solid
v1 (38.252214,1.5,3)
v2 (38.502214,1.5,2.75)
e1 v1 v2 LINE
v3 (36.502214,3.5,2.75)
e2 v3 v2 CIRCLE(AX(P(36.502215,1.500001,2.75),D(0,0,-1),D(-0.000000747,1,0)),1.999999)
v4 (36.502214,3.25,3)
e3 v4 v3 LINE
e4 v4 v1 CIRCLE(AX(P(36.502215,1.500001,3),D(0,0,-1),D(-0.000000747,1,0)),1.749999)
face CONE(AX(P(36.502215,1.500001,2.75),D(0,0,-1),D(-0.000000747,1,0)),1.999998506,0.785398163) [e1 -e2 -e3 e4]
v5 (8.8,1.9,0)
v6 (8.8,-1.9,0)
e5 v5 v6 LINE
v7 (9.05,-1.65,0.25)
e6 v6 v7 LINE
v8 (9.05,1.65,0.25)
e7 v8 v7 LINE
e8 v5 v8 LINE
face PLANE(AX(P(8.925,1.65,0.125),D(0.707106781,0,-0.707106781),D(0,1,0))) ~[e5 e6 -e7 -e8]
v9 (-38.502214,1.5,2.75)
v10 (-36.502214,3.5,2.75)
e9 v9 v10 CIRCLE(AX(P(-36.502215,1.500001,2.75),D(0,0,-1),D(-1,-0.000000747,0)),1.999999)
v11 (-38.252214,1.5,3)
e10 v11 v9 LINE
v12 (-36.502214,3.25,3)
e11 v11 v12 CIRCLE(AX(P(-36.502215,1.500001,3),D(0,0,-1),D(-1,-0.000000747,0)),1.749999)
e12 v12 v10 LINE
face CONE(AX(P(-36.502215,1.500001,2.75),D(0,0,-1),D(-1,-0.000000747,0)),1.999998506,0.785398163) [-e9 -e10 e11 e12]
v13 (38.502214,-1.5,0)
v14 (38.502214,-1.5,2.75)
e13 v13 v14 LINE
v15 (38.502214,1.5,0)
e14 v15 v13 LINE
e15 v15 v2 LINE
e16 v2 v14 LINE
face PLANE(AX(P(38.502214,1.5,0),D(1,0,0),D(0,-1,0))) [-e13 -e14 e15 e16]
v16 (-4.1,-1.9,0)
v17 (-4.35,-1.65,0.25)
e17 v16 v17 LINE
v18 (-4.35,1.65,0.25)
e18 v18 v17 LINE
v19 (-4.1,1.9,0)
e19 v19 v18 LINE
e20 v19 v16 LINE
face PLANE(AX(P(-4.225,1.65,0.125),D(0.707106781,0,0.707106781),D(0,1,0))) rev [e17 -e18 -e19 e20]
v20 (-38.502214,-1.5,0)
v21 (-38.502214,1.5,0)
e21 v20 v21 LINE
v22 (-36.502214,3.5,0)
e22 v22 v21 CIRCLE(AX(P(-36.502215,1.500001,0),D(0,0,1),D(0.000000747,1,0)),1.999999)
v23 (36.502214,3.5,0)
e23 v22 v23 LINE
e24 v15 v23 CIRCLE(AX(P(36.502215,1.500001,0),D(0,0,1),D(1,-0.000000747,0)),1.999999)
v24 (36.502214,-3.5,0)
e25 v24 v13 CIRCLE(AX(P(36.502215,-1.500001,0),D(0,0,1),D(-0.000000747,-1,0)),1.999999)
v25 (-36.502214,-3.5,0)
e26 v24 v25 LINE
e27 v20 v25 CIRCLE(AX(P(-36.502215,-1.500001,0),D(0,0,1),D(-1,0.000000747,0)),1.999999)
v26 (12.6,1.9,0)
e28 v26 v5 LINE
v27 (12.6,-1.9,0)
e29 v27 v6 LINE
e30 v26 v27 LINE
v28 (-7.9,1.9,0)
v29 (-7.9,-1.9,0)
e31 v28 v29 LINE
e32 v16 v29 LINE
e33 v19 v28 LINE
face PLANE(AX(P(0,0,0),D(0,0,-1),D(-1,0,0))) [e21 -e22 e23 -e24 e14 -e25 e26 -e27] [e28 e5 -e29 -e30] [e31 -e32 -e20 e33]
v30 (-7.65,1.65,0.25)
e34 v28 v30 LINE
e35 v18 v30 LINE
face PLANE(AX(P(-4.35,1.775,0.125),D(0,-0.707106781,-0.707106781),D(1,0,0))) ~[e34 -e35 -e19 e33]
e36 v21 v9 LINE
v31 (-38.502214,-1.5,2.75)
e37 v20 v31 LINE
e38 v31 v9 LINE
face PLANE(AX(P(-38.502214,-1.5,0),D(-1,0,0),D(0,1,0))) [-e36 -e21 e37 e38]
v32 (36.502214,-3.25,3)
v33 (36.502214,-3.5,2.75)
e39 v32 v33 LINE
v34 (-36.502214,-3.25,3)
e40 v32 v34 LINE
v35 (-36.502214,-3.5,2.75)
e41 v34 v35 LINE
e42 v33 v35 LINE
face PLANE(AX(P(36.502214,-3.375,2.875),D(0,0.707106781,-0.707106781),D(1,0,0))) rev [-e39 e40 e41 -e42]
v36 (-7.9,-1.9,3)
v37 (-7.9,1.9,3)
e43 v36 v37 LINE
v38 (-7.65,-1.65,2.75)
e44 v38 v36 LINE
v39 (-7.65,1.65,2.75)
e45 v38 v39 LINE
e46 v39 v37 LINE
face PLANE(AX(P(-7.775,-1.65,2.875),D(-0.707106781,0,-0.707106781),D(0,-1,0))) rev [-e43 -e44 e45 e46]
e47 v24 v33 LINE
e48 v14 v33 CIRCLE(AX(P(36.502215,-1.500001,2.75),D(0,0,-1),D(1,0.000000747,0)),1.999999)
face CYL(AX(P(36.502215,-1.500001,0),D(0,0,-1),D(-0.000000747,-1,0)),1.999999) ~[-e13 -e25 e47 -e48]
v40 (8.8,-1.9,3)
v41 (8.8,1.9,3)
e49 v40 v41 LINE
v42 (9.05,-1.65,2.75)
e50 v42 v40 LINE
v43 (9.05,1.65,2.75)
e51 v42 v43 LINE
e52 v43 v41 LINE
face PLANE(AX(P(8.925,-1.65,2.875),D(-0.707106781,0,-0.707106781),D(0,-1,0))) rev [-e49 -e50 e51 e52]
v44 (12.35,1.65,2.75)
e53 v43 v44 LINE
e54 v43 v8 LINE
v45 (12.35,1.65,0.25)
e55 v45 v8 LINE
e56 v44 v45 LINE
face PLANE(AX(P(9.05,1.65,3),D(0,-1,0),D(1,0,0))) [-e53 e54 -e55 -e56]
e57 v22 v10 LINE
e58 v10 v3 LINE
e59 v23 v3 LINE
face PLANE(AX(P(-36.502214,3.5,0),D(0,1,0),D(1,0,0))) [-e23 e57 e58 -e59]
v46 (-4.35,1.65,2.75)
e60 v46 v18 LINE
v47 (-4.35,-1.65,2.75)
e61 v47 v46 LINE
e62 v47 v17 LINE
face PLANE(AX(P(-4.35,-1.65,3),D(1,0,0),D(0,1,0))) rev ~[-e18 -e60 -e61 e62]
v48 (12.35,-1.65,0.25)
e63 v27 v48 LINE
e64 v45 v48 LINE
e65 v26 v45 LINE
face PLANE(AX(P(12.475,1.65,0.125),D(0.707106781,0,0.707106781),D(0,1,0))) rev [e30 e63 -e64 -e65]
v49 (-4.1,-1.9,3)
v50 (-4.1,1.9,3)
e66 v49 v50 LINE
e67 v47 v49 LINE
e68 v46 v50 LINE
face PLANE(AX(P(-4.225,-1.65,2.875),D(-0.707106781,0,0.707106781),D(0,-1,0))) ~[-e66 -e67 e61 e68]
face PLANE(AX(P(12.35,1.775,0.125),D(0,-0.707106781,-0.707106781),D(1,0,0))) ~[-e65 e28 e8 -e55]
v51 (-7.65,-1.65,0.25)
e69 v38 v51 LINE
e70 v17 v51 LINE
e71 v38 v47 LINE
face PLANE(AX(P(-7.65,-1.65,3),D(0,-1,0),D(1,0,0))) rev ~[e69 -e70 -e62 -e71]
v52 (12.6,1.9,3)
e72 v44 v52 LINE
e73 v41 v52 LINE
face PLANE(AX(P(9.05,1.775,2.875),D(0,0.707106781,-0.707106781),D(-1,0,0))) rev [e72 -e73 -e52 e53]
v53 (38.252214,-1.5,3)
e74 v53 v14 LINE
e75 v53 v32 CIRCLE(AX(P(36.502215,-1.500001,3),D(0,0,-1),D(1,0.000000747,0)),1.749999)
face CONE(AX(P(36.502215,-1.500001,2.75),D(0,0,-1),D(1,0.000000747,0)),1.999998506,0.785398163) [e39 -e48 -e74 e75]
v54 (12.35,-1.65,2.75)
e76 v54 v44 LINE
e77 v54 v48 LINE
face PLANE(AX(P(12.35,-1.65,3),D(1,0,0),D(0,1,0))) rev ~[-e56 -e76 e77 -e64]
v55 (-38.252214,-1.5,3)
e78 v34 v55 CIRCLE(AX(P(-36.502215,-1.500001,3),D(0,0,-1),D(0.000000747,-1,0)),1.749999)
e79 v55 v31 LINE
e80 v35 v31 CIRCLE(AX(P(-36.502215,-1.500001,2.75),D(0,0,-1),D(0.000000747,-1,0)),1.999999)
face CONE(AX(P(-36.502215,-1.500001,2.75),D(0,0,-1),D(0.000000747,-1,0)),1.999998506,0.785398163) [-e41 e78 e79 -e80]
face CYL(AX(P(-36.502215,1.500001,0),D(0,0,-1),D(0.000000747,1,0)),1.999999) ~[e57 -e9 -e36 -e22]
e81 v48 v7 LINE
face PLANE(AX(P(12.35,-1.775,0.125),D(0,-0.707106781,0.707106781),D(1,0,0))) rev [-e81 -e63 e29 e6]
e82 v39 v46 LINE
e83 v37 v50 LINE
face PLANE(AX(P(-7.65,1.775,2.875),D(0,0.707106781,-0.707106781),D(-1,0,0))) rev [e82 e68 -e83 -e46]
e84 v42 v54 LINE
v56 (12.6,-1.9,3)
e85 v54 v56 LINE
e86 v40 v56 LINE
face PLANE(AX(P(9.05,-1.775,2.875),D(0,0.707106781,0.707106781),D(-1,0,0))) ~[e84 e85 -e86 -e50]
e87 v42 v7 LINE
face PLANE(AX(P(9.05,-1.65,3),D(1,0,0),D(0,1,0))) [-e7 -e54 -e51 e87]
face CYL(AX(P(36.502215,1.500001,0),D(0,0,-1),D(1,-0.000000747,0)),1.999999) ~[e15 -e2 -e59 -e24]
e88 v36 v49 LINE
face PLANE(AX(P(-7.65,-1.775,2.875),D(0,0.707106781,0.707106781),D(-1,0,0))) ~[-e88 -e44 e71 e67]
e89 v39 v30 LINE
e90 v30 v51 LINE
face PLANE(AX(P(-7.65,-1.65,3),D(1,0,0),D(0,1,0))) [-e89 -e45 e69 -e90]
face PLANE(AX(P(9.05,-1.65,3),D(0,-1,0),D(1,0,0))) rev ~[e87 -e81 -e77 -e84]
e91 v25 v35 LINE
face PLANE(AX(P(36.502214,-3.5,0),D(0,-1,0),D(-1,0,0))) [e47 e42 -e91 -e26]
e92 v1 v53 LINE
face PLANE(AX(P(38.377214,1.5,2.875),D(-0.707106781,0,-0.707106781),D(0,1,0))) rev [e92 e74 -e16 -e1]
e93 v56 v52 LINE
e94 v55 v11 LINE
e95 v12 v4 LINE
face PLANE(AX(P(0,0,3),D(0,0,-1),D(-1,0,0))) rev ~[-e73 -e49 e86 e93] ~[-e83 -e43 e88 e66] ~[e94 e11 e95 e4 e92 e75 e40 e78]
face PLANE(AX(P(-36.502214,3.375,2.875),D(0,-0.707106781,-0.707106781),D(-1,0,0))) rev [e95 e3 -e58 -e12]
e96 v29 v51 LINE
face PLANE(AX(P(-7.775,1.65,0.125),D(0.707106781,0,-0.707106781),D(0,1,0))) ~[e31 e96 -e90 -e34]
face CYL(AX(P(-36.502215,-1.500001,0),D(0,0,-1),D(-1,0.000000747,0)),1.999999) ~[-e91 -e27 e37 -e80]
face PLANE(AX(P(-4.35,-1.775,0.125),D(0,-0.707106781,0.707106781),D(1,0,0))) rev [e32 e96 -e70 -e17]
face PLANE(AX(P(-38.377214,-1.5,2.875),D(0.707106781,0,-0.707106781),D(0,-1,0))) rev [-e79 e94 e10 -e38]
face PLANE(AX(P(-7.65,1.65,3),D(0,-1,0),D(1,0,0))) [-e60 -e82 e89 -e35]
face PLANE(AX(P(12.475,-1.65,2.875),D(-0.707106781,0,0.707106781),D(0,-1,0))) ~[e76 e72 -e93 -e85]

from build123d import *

# Parameters (mm, degrees)
PAD005_DEPTH    = 3
SKETCH009_W     = 3.3
SKETCH009_H     = 3.3
POCKET003_DEPTH = 3.001
CHAMFER001_SIZE = 0.25
CHAMFER004_SIZE = 0.25
CHAMFER007_SIZE = 0.25


with BuildPart() as part:
    # Sketch008 → Pad005 (new body)
    with BuildSketch(Plane.XY):
        with BuildLine():
            Line((-36.502214, 3.5), (36.502214, 3.5))
            ThreePointArc((38.502214, 1.5), (37.916428, 2.914214), (36.502214, 3.5))
            Line((38.502214, 1.5), (38.502214, -1.5))
            ThreePointArc((36.502214, -3.5), (37.916428, -2.914214), (38.502214, -1.5))
            Line((36.502214, -3.5), (-36.502214, -3.5))
            ThreePointArc((-38.502214, -1.5), (-37.916428, -2.914214), (-36.502214, -3.5))
            Line((-38.502214, -1.5), (-38.502214, 1.5))
            ThreePointArc((-36.502214, 3.5), (-37.916428, 2.914214), (-38.502214, 1.5))
        make_face()
    extrude(amount=PAD005_DEPTH)

    # Sketch009 → Pocket003 (cut, through all)
    with BuildSketch(Plane.XY.offset(3)):
        with Locations((-6, 0)):
            Rectangle(SKETCH009_W, SKETCH009_H)
        with Locations((10.7, 0)):
            Rectangle(SKETCH009_W, SKETCH009_H)
    extrude(amount=-POCKET003_DEPTH, mode=Mode.SUBTRACT)

    # Chamfer001
    chamfer001_edges = [part.edges().sort_by_distance(p)[0] for p in [
        (0, -3.5, 3),
        (0, 3.5, 3),
    ]]
    chamfer(chamfer001_edges, length=CHAMFER001_SIZE)

    # Chamfer004
    chamfer004_edges = [part.edges().sort_by_distance(p)[0] for p in [
        (-7.65, 0, 0),
        (-6, 1.65, 0),
        (-4.35, 0, 0),
        (-6, -1.65, 0),
        (9.05, 0, 0),
        (10.7, -1.65, 0),
        (12.35, 0, 0),
        (10.7, 1.65, 0),
    ]]
    chamfer(chamfer004_edges, length=CHAMFER004_SIZE)

    # Chamfer007
    chamfer007_edges = [part.edges().sort_by_distance(p)[0] for p in [
        (9.05, 0, 3),
        (10.7, 1.65, 3),
        (12.35, 0, 3),
        (10.7, -1.65, 3),
        (-4.35, 0, 3),
        (-6, -1.65, 3),
        (-7.65, 0, 3),
        (-6, 1.65, 3),
    ]]
    chamfer(chamfer007_edges, length=CHAMFER007_SIZE)


solid = part.part
